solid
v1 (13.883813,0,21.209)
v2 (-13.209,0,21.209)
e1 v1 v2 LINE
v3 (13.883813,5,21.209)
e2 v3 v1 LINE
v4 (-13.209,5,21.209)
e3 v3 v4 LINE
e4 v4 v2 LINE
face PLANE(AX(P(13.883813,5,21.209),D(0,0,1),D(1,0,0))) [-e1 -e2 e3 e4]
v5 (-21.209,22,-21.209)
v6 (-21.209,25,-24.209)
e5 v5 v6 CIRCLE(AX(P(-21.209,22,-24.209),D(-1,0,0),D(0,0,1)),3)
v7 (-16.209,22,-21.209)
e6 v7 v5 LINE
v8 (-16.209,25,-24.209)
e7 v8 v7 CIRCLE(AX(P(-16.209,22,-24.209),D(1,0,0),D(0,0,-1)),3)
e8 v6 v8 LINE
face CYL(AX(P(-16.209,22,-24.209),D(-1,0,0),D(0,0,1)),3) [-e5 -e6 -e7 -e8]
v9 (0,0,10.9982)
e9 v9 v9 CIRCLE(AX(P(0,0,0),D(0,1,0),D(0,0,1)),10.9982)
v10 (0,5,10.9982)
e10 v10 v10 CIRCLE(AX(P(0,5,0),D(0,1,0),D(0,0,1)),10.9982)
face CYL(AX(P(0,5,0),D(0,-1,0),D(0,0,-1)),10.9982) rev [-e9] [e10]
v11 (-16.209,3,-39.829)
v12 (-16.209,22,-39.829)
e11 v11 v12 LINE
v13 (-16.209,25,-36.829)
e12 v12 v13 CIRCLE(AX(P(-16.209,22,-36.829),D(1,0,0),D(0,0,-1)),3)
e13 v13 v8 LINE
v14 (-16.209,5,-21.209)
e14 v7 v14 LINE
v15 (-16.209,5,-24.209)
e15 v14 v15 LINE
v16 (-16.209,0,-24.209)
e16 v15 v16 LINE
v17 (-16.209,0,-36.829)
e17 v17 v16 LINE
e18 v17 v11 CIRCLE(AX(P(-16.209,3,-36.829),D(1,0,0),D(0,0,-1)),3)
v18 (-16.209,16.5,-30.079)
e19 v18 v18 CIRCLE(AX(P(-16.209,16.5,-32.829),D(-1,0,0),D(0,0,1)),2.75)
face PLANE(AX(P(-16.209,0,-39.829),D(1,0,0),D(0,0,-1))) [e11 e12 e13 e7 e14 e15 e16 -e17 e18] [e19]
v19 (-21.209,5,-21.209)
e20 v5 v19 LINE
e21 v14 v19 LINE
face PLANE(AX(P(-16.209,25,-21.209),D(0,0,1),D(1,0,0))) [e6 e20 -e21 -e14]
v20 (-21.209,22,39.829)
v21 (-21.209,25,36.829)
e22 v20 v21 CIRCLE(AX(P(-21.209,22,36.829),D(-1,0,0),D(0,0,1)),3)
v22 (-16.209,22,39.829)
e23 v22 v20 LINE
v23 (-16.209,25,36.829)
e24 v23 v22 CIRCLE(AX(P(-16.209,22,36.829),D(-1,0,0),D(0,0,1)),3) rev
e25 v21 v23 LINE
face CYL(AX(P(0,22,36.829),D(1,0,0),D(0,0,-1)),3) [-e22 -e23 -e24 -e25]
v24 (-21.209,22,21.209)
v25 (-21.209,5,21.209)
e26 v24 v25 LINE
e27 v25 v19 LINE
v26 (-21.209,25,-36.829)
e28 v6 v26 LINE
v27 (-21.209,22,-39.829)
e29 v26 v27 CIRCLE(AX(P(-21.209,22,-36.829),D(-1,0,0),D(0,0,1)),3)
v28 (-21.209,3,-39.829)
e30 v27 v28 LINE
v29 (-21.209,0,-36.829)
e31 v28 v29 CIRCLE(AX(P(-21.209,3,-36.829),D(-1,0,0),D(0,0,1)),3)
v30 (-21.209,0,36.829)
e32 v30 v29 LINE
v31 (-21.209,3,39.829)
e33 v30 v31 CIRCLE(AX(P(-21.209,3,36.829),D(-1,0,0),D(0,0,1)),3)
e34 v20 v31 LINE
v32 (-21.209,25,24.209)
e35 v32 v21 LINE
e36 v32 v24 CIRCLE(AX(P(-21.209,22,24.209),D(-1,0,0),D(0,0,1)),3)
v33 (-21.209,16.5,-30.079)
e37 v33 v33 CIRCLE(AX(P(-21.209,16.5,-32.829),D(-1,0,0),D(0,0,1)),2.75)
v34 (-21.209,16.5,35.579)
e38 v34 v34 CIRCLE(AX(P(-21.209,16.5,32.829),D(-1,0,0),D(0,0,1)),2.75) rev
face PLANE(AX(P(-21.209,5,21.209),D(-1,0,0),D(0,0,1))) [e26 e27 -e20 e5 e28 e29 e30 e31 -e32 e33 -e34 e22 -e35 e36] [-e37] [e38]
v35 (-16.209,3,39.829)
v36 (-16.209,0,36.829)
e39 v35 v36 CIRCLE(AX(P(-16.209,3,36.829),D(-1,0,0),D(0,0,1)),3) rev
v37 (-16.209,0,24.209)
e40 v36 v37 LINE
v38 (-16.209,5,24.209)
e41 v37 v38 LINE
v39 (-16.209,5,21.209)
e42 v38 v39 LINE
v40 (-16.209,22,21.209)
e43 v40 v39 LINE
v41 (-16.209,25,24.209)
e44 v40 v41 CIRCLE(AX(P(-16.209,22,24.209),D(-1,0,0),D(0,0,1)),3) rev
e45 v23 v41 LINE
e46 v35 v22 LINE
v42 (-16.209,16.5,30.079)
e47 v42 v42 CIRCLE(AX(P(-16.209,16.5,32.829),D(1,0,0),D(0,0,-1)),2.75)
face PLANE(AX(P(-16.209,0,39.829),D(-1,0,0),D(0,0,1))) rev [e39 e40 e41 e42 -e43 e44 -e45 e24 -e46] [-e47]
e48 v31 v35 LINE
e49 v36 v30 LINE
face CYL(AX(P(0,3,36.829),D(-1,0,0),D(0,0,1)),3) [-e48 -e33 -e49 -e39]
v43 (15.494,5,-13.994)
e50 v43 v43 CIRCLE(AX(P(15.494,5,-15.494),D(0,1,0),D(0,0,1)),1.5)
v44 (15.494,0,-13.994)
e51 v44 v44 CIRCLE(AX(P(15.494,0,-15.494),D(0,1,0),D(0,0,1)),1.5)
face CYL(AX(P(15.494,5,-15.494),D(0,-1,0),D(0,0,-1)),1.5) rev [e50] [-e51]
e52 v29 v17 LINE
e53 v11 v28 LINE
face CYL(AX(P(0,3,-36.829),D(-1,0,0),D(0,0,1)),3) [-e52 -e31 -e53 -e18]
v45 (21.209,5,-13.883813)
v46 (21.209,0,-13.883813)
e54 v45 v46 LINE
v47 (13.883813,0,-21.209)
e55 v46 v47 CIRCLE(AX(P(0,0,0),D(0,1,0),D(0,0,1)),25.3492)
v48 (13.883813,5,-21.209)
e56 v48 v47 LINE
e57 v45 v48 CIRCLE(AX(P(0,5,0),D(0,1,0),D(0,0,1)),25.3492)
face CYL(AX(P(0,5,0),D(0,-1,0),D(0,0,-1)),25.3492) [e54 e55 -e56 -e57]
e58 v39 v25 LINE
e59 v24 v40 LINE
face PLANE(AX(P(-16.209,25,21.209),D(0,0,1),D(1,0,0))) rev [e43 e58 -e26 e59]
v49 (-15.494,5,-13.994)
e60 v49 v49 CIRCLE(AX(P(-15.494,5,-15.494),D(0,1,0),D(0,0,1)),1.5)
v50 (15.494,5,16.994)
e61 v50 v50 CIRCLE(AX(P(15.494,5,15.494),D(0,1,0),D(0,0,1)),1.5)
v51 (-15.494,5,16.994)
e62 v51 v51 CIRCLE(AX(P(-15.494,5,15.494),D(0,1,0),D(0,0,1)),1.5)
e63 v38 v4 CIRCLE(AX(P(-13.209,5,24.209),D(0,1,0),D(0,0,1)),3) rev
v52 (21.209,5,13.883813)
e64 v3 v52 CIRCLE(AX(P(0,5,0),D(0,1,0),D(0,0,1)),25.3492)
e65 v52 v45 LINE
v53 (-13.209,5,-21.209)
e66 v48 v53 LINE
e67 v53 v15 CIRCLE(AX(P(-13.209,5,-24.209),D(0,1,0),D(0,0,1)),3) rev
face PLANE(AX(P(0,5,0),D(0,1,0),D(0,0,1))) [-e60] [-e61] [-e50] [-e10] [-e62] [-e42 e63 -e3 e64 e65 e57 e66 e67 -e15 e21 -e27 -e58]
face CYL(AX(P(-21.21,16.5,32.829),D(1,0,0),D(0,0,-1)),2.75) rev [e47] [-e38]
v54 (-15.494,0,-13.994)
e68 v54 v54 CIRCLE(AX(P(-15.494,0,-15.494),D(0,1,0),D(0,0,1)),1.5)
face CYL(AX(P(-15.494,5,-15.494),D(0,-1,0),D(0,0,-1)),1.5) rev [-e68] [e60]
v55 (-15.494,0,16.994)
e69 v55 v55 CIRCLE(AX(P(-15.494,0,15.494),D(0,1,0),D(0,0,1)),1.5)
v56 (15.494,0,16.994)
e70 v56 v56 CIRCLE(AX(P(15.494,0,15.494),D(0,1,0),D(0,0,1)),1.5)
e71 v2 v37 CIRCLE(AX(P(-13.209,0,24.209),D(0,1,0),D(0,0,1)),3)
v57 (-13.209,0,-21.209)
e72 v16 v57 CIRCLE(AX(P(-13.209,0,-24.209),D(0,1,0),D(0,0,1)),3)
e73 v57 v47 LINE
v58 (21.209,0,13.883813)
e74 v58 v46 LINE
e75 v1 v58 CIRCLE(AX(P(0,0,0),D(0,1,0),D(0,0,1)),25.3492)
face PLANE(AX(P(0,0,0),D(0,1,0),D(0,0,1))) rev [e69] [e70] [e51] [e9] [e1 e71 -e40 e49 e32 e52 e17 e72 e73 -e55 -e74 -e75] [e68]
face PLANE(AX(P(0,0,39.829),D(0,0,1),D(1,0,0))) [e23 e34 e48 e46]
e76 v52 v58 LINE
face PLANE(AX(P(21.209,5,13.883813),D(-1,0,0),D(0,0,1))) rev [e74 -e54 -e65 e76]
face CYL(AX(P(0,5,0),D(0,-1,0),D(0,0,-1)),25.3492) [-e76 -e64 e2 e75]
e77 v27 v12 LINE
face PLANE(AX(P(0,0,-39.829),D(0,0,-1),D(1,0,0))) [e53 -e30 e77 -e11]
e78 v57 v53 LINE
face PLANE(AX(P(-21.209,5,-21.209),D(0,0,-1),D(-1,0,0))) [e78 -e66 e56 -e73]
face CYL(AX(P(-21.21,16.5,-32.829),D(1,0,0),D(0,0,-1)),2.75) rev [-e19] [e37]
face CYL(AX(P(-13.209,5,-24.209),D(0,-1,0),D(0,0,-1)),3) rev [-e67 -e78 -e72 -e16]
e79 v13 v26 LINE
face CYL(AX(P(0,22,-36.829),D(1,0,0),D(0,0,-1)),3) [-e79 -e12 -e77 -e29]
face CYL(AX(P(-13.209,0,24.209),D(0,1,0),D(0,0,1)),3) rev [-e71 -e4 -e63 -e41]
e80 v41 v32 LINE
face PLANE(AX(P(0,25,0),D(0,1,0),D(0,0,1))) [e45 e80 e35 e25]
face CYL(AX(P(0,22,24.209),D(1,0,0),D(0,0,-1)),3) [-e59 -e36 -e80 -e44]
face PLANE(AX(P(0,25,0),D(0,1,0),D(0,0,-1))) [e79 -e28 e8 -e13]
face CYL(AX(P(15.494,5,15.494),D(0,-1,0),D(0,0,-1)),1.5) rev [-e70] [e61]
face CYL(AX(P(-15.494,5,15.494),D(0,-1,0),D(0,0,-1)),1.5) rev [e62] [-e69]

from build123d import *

# Parameters (mm, degrees)
BOSS_EXTRUDE1_DEPTH = 5
SKETCH3_R           = 1.5
SKETCH3_R_2         = 10.9982
CUT_EXTRUDE1_DEPTH  = 5
SKETCH5_W           = 5
SKETCH5_H           = 5
BOSS_EXTRUDE2_DEPTH = 18.62
SKETCH6_W           = 5
SKETCH6_H           = 18.62
BOSS_EXTRUDE3_DEPTH = 20
CUT_EXTRUDE2_REACH  = 62.095
SKETCH7_R           = 2.75
FILLET1_R           = 3


with BuildPart() as part:
    # Sketch1 → Boss-Extrude1 (new body)
    with BuildSketch(Plane(origin=(0, 0, 0), x_dir=(1, 0, 0), z_dir=(0, 1, 0))):
        with BuildLine():
            Line((-13.883812864, -21.209), (-21.209, -21.209))
            Line((-21.209, -21.209), (-21.209, -13.883812864))
            Line((-21.209, -13.883812864), (-21.209, 13.883812864))
            Line((-21.209, 13.883812864), (-21.209, 21.209))
            Line((-21.209, 21.209), (-13.883812864, 21.209))
            Line((-13.883812864, 21.209), (13.883812864, 21.209))
            ThreePointArc((13.883812864, 21.209), (17.924591218, 17.924591218), (21.209, 13.883812864))
            Line((21.209, 13.883812864), (21.209, -13.883812864))
            ThreePointArc((21.209, -13.883812864), (17.924591218, -17.924591218), (13.883812864, -21.209))
            Line((13.883812864, -21.209), (-13.883812864, -21.209))
        make_face()
    extrude(amount=BOSS_EXTRUDE1_DEPTH)

    # Sketch3 → Cut-Extrude1 (cut)
    with BuildSketch(Plane(origin=(0, 0, 0), x_dir=(1, 0, 0), z_dir=(0, 1, 0))):
        with Locations(Location((15.494, -15.494, 0), (0, 0, 270))):
            Circle(SKETCH3_R)
        with Locations(Location((15.494, 15.494, 0), (0, 0, 270))):
            Circle(SKETCH3_R)
        with Locations(Location((-15.494, -15.494, 0), (0, 0, 270))):
            Circle(SKETCH3_R)
        with Locations(Location((-15.494, 15.494, 0), (0, 0, 270))):
            Circle(SKETCH3_R)
        with Locations(Location((0, 0, 0), (0, 0, 270))):
            Circle(SKETCH3_R_2)
    extrude(amount=CUT_EXTRUDE1_DEPTH, mode=Mode.SUBTRACT)

    # Sketch5 → Boss-Extrude2 (add)
    with BuildSketch(Plane.XY.offset(21.209)):
        with Locations((-18.709, 2.5)):
            Rectangle(SKETCH5_W, SKETCH5_H)
    boss_extrude2 = extrude(amount=BOSS_EXTRUDE2_DEPTH)

    # Sketch6 → Boss-Extrude3 (add)
    with BuildSketch(Plane(origin=(0, 5, 0), x_dir=(1, 0, 0), z_dir=(0, 1, 0))):
        with Locations((-18.709, -30.519)):
            Rectangle(SKETCH6_W, SKETCH6_H)
    boss_extrude3 = extrude(amount=BOSS_EXTRUDE3_DEPTH)

    # Sketch7 → Cut-Extrude2 (cut, up to next)
    with BuildSketch(Plane(origin=(-16.209, 0, 0), x_dir=(0, 0, -1), z_dir=(1, 0, 0)), mode=Mode.PRIVATE) as cut_extrude2_sk1:
        with Locations((-32.829, 16.5)):
            Circle(SKETCH7_R)
    cut_extrude2_tool1 = extrude(cut_extrude2_sk1.sketch, amount=-CUT_EXTRUDE2_REACH, mode=Mode.PRIVATE) & part.part
    cut_extrude2 = cut_extrude2_tool1.solids().sort_by_distance((-16.209, 16.5, 32.829))[0]
    add(cut_extrude2, mode=Mode.SUBTRACT)

    # Mirror3: Boss-Extrude2, Boss-Extrude3, Cut-Extrude2 across plane
    add(boss_extrude2.mirror(Plane(origin=(0, 0, 0), x_dir=(1, 0, 0), z_dir=(0, 0, -1))))
    add(boss_extrude3.mirror(Plane(origin=(0, 0, 0), x_dir=(1, 0, 0), z_dir=(0, 0, -1))))
    add(cut_extrude2.mirror(Plane(origin=(0, 0, 0), x_dir=(1, 0, 0), z_dir=(0, 0, -1))), mode=Mode.SUBTRACT)

    # Fillet1
    fillet1_edges = [part.edges().sort_by_distance(p)[0] for p in [
        (-16.209, 2.5, 21.209),
        (-18.709, 0, 39.829),
        (-18.709, 0, -39.829),
        (-18.709, 25, 39.829),
        (-18.709, 25, -39.829),
        (-16.209, 2.5, -21.209),
        (-18.709, 25, -21.209),
        (-18.709, 25, 21.209),
    ]]
    fillet(fillet1_edges, radius=FILLET1_R)


solid = part.part
